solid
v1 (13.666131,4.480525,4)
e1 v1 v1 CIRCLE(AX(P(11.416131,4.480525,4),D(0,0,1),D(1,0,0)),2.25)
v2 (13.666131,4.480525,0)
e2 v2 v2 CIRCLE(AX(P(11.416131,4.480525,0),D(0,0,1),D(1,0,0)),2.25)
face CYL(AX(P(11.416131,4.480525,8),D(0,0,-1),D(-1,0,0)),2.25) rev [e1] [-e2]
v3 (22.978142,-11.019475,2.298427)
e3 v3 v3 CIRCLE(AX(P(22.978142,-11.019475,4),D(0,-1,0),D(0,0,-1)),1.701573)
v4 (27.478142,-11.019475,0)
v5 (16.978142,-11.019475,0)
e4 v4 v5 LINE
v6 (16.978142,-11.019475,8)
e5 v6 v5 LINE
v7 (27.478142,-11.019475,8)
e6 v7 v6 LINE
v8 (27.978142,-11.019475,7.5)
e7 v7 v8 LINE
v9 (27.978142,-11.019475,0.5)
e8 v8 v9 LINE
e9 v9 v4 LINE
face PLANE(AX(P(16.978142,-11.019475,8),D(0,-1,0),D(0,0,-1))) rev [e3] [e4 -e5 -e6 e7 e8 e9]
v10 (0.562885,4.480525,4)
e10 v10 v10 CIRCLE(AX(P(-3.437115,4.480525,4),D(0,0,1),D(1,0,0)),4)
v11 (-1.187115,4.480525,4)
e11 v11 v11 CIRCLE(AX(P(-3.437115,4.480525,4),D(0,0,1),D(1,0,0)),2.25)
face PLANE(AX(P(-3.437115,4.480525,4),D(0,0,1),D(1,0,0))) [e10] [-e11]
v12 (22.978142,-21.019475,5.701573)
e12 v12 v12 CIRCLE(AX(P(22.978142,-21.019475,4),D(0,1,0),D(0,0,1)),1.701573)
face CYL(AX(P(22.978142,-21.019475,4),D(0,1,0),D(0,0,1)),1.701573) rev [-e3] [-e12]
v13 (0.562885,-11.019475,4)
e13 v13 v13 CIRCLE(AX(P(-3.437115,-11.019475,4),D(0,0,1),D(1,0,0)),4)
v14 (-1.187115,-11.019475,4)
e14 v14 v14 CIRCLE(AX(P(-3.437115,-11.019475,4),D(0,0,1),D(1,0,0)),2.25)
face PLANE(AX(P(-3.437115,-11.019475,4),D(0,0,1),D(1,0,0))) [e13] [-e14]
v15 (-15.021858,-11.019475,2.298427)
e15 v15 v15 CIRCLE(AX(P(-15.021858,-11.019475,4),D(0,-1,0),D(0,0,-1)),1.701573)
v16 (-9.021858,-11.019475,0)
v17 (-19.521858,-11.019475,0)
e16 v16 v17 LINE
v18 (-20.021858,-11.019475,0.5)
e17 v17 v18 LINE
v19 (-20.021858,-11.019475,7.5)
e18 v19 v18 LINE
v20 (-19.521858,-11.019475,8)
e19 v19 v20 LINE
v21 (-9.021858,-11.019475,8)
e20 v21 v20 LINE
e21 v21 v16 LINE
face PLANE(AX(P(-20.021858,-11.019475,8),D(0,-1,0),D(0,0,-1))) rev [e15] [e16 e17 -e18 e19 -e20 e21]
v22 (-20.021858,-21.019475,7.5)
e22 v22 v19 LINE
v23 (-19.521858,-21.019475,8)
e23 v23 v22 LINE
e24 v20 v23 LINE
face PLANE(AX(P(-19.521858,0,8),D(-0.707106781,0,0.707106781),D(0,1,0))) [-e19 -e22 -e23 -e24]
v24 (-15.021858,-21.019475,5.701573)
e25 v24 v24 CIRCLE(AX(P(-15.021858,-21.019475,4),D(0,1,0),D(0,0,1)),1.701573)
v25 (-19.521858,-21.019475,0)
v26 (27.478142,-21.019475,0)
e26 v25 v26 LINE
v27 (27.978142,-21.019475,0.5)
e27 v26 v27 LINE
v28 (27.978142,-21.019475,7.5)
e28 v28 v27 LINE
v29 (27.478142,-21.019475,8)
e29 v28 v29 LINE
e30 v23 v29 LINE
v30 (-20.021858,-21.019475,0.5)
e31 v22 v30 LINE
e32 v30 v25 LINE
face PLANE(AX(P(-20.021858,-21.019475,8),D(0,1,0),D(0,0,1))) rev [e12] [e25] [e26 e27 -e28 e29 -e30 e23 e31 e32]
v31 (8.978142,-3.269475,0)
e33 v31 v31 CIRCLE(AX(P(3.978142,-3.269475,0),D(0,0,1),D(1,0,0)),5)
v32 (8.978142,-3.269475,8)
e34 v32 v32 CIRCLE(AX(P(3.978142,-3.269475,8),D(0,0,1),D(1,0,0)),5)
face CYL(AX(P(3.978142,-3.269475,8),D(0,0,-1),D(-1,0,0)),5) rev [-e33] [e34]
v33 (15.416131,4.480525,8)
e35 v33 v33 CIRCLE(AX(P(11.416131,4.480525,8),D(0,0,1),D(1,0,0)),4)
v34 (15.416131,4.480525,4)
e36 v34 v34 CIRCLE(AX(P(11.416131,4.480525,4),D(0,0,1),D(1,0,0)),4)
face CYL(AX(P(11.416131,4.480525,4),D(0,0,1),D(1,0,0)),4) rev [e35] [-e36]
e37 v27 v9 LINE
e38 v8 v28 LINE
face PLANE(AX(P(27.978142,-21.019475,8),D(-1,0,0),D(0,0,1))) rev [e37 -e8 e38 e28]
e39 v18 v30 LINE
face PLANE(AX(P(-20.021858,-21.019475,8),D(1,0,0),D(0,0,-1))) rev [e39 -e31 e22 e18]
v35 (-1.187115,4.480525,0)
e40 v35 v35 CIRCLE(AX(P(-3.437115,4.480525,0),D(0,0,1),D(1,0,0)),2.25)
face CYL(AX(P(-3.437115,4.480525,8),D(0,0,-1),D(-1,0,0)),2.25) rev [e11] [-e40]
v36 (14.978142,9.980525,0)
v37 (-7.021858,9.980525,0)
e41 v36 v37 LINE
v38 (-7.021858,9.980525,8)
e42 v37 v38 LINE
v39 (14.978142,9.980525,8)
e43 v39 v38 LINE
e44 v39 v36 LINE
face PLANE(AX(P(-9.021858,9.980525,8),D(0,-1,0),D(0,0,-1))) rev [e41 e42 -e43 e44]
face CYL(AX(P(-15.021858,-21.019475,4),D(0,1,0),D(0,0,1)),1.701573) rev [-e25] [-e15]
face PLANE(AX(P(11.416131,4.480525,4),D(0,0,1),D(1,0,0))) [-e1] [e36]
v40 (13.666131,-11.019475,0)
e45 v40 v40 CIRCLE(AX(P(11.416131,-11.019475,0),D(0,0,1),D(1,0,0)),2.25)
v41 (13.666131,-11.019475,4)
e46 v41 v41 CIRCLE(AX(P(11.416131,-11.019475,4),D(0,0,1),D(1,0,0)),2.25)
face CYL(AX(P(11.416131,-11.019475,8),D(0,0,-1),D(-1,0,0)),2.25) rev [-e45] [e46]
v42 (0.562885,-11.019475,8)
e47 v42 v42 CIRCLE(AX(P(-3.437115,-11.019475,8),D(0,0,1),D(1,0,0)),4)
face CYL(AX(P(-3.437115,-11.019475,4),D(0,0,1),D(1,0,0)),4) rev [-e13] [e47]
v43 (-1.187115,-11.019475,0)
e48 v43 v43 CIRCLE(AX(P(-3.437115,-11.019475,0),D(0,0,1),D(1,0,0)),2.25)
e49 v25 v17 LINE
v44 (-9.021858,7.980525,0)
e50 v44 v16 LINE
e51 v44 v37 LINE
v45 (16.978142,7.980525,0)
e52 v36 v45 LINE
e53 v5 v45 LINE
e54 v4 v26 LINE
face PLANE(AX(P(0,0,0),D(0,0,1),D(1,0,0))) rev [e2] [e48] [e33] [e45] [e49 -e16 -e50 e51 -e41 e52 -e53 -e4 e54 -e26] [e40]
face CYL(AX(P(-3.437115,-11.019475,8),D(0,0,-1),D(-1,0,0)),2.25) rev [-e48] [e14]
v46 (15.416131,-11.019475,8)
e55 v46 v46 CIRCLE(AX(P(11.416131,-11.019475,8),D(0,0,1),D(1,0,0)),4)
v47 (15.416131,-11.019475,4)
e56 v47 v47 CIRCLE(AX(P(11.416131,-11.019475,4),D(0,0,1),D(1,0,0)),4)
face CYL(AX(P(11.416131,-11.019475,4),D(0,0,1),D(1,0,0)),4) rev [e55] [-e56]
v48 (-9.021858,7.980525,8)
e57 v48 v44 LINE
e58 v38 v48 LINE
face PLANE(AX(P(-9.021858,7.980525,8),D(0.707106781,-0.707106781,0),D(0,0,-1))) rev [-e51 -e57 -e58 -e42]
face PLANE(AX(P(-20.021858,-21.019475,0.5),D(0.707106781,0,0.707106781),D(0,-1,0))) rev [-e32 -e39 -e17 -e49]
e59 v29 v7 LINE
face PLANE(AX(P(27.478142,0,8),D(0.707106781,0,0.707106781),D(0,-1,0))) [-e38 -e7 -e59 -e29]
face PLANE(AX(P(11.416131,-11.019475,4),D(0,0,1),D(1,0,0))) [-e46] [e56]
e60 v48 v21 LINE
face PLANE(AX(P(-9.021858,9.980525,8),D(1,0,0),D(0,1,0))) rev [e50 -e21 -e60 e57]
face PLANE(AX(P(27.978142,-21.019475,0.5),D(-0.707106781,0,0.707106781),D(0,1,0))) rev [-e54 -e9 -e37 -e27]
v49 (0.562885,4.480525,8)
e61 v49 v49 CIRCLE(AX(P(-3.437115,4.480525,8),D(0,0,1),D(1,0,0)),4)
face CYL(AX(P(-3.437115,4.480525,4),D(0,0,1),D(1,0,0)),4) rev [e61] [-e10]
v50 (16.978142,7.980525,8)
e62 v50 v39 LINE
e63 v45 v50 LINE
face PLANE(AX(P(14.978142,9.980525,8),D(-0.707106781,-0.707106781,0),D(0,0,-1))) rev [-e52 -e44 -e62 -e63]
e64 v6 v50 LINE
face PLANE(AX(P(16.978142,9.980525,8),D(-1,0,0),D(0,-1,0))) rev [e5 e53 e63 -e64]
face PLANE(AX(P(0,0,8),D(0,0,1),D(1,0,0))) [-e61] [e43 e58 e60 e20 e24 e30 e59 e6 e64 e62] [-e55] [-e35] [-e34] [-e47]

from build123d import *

# Parameters (mm, degrees)
SKETCH1_R           = 2.25
SKETCH1_R_2         = 5
BOSS_EXTRUDE1_DEPTH = 8
SKETCH2_R           = 4
CUT_EXTRUDE1_DEPTH  = 4
SKETCH3_R           = 1.701572747
CUT_EXTRUDE2_DEPTH  = 32
CHAMFER1_SIZE       = 2
CHAMFER2_SIZE       = 0.5


with BuildPart() as part:
    # Sketch1 → Boss-Extrude1 (new body)
    with BuildSketch(Plane.XY):
        Polygon((16.978142077, -11.01947541), (27.978142077, -11.01947541), (27.978142077, -21.01947541), (-20.021857923, -21.01947541), (-20.021857923, -11.01947541), (-9.021857923, -11.01947541), (-9.021857923, 9.98052459), (16.978142077, 9.98052459), align=None)
        with Locations((-3.437114754, -11.01947541)):
            Circle(SKETCH1_R, mode=Mode.SUBTRACT)
        with Locations((11.416131148, -11.01947541)):
            Circle(SKETCH1_R, mode=Mode.SUBTRACT)
        with Locations((-3.437114754, 4.48052459)):
            Circle(SKETCH1_R, mode=Mode.SUBTRACT)
        with Locations((11.416131148, 4.48052459)):
            Circle(SKETCH1_R, mode=Mode.SUBTRACT)
        with Locations((3.978142077, -3.26947541)):
            Circle(SKETCH1_R_2, mode=Mode.SUBTRACT)
    extrude(amount=BOSS_EXTRUDE1_DEPTH)

    # Sketch2 → Cut-Extrude1 (cut)
    with BuildSketch(Plane.XY.offset(8)):
        with Locations((-3.437114754, 4.48052459)):
            Circle(SKETCH2_R)
        with Locations((11.416131148, 4.48052459)):
            Circle(SKETCH2_R)
        with Locations((-3.437114754, -11.01947541)):
            Circle(SKETCH2_R)
        with Locations((11.416131148, -11.01947541)):
            Circle(SKETCH2_R)
    extrude(amount=-CUT_EXTRUDE1_DEPTH, mode=Mode.SUBTRACT)

    # Sketch3 → Cut-Extrude2 (cut, through all)
    with BuildSketch(Plane(origin=(0, 9.98052459, 0), x_dir=(1, 0, 0), z_dir=(0, 1, 0))):
        with Locations((-15.021857923, -4)):
            Circle(SKETCH3_R)
        with Locations((22.978142077, -4)):
            Circle(SKETCH3_R)
    extrude(amount=-CUT_EXTRUDE2_DEPTH, mode=Mode.SUBTRACT)

    # Chamfer1
    chamfer1_edges = [part.edges().sort_by_distance(p)[0] for p in [
        (-9.021857923, 9.98052459, 4),
        (16.978142077, 9.98052459, 4),
    ]]
    chamfer(chamfer1_edges, length=CHAMFER1_SIZE)

    # Chamfer2
    chamfer2_edges = [part.edges().sort_by_distance(p)[0] for p in [
        (-20.021857923, -16.01947541, 8),
        (27.978142077, -16.01947541, 8),
        (27.978142077, -16.01947541, 0),
        (-20.021857923, -16.01947541, 0),
    ]]
    chamfer(chamfer2_edges, length=CHAMFER2_SIZE)


solid = part.part
